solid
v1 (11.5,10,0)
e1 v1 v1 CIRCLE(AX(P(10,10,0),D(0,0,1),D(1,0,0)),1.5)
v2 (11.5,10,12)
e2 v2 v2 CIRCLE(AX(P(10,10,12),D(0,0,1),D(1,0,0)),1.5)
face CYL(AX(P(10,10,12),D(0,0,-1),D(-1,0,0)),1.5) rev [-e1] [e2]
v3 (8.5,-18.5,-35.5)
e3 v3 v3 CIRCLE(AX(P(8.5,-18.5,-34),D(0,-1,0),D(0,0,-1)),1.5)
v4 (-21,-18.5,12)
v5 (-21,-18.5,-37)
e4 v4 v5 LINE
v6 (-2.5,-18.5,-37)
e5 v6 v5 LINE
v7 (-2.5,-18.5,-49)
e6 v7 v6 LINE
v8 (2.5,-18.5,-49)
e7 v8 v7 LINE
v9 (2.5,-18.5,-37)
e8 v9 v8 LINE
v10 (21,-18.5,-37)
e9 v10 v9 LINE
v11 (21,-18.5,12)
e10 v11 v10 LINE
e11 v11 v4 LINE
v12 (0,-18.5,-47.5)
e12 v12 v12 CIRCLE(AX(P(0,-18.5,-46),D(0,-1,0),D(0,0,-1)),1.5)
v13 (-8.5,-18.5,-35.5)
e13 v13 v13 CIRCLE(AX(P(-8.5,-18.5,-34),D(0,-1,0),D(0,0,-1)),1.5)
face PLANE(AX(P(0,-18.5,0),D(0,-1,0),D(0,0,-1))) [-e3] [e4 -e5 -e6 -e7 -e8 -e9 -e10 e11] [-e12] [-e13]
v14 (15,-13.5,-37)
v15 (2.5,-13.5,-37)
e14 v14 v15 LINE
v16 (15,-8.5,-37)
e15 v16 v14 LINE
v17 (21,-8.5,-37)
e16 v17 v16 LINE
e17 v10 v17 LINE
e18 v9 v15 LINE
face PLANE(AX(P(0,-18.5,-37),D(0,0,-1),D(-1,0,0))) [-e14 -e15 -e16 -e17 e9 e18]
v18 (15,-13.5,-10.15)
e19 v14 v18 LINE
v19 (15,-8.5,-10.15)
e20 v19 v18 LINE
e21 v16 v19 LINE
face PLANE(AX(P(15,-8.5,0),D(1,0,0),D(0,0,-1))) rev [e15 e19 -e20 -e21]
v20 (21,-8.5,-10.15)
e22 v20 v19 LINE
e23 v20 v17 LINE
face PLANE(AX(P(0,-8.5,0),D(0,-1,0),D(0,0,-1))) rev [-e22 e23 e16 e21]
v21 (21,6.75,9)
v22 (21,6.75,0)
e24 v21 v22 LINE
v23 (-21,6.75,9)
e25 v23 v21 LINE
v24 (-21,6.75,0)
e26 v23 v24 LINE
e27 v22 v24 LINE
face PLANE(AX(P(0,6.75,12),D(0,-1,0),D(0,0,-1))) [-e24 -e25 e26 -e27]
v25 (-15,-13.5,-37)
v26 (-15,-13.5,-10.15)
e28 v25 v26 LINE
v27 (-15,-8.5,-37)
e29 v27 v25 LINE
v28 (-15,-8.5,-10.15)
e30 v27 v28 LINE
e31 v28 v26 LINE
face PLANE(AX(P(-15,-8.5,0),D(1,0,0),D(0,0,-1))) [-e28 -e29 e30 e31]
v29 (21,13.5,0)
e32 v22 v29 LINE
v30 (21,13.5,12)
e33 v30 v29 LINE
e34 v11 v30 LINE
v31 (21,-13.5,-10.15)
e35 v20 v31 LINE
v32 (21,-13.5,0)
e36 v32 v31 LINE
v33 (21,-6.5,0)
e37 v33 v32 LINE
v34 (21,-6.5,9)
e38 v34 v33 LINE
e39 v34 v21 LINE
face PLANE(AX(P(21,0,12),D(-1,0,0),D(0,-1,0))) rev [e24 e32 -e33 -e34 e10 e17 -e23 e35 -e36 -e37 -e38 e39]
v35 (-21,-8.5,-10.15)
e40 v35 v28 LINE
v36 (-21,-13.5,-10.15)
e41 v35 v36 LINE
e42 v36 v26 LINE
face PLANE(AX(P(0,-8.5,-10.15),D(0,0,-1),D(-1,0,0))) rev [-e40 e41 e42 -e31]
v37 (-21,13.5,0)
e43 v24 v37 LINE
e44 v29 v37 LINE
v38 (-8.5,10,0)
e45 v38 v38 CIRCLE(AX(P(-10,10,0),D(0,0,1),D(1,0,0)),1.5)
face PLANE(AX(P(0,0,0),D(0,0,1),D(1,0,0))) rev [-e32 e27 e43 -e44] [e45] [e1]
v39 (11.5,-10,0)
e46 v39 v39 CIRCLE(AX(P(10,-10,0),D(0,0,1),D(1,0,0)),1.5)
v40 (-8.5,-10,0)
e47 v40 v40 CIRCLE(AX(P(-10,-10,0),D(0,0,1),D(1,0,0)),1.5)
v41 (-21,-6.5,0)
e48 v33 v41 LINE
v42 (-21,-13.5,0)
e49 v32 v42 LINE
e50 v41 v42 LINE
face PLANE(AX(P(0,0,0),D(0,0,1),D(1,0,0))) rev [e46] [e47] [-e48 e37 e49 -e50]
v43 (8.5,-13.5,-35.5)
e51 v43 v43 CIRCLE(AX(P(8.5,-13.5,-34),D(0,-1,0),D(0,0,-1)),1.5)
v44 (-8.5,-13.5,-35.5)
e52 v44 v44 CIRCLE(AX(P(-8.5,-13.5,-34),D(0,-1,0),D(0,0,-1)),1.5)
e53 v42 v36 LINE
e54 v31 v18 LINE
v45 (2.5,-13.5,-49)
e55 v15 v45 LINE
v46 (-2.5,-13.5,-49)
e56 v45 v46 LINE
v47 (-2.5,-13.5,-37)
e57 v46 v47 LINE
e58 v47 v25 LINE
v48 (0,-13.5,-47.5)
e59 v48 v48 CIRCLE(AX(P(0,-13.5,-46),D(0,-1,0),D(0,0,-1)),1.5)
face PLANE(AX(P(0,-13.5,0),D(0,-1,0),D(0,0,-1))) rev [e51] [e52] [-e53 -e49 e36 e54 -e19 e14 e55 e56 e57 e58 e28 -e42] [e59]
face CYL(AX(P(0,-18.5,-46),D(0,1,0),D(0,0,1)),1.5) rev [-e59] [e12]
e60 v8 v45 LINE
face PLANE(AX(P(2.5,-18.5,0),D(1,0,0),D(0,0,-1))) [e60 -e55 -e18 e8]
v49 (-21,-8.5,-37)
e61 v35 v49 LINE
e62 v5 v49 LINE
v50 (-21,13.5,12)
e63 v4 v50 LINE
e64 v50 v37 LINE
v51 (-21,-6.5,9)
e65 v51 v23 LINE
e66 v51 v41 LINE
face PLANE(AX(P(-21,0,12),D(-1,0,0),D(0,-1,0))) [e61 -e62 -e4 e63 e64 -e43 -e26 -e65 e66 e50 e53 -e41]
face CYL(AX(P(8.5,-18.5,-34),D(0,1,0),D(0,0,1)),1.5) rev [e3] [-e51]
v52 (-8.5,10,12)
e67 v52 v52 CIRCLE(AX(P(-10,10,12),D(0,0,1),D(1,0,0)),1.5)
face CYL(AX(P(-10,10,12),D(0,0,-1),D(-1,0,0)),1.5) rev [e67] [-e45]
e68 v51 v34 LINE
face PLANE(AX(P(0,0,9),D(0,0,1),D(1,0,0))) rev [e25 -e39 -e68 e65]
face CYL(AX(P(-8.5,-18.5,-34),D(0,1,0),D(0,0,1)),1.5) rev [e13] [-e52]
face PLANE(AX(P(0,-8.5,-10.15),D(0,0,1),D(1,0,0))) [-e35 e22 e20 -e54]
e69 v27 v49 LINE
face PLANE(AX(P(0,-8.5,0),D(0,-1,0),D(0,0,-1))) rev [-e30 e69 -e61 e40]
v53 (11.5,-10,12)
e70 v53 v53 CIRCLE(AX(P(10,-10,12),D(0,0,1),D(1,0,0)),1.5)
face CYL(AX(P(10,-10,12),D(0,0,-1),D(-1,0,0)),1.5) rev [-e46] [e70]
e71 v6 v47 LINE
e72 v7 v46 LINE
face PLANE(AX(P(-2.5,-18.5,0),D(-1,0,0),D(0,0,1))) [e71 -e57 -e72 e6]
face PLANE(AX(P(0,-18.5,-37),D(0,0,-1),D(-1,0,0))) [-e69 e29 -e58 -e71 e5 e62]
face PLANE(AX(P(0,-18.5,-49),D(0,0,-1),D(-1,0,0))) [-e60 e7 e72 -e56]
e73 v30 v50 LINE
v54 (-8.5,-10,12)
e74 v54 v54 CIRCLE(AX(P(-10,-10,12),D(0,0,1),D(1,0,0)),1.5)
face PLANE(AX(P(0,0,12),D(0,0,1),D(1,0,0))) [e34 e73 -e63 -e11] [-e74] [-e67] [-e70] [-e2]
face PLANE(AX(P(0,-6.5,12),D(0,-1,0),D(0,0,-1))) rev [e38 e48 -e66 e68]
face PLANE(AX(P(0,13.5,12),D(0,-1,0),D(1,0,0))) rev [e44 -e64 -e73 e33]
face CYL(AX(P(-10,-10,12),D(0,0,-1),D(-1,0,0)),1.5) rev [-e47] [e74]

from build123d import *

# Parameters (mm, degrees)
SKETCH1_W             = 42
SKETCH1_H             = 7
SKETCH1_R             = 1.5
BOSS_EXTRUDE1_DEPTH   = 12
SKETCH1_H_2           = 6.75
BOSS_EXTRUDE1_2_DEPTH = 12
SKETCH2_R             = 1.5
BOSS_EXTRUDE2_DEPTH   = 5
SKETCH2_3_W           = 6
SKETCH2_3_H           = 26.85
BOSS_EXTRUDE3_DEPTH   = 5
BOSS_EXTRUDE4_START   = 12
SKETCH1_3_W           = 42
SKETCH1_3_H           = 13.25
BOSS_EXTRUDE4_DEPTH   = 3


with BuildPart() as part:
    # Sketch1 → Boss-Extrude1 (new body)
    with BuildSketch(Plane.XY):
        with Locations((0, -10)):
            Rectangle(SKETCH1_W, SKETCH1_H)
        with Locations((-10, -10)):
            Circle(SKETCH1_R, mode=Mode.SUBTRACT)
        with Locations((10, -10)):
            Circle(SKETCH1_R, mode=Mode.SUBTRACT)
    extrude(amount=BOSS_EXTRUDE1_DEPTH)

    # Sketch2 → Boss-Extrude2 (add)
    with BuildSketch(Plane.XZ.offset(13.5)):
        Polygon((21, 12), (-21, 12), (-21, -37), (-2.5, -37), (-2.5, -49), (2.5, -49), (2.5, -37), (21, -37), align=None)
        with Locations((-8.5, -34)):
            Circle(SKETCH2_R, mode=Mode.SUBTRACT)
        with Locations((8.5, -34)):
            Circle(SKETCH2_R, mode=Mode.SUBTRACT)
        with Locations((0, -46)):
            Circle(SKETCH2_R, mode=Mode.SUBTRACT)
    extrude(amount=BOSS_EXTRUDE2_DEPTH)

    # Sketch2<3> → Boss-Extrude3 (add)
    with BuildSketch(Plane.XZ.offset(13.5)):
        with Locations((18, -23.575)):
            Rectangle(SKETCH2_3_W, SKETCH2_3_H)
        with Locations((-18, -23.575)):
            Rectangle(SKETCH2_3_W, SKETCH2_3_H)
    extrude(amount=-BOSS_EXTRUDE3_DEPTH)



with BuildPart() as body_2:
    # Sketch1 → Boss-Extrude1 2 (new body)
    with BuildSketch(Plane.XY):
        with Locations((0, 10.125)):
            Rectangle(SKETCH1_W, SKETCH1_H_2)
        with Locations((10, 10)):
            Circle(SKETCH1_R, mode=Mode.SUBTRACT)
        with Locations((-10, 10)):
            Circle(SKETCH1_R, mode=Mode.SUBTRACT)
    extrude(amount=BOSS_EXTRUDE1_2_DEPTH)


with BuildPart() as part_1:
    add(part.part)

    add(body_2.part)  # Boss-Extrude4 merges body 2
    # Sketch1<3> → Boss-Extrude4 (add)
    with BuildSketch(Plane.XY.offset(BOSS_EXTRUDE4_START)):
        with Locations((0, 0.125)):
            Rectangle(SKETCH1_3_W, SKETCH1_3_H)
    extrude(amount=-BOSS_EXTRUDE4_DEPTH)


solid = part_1.part
